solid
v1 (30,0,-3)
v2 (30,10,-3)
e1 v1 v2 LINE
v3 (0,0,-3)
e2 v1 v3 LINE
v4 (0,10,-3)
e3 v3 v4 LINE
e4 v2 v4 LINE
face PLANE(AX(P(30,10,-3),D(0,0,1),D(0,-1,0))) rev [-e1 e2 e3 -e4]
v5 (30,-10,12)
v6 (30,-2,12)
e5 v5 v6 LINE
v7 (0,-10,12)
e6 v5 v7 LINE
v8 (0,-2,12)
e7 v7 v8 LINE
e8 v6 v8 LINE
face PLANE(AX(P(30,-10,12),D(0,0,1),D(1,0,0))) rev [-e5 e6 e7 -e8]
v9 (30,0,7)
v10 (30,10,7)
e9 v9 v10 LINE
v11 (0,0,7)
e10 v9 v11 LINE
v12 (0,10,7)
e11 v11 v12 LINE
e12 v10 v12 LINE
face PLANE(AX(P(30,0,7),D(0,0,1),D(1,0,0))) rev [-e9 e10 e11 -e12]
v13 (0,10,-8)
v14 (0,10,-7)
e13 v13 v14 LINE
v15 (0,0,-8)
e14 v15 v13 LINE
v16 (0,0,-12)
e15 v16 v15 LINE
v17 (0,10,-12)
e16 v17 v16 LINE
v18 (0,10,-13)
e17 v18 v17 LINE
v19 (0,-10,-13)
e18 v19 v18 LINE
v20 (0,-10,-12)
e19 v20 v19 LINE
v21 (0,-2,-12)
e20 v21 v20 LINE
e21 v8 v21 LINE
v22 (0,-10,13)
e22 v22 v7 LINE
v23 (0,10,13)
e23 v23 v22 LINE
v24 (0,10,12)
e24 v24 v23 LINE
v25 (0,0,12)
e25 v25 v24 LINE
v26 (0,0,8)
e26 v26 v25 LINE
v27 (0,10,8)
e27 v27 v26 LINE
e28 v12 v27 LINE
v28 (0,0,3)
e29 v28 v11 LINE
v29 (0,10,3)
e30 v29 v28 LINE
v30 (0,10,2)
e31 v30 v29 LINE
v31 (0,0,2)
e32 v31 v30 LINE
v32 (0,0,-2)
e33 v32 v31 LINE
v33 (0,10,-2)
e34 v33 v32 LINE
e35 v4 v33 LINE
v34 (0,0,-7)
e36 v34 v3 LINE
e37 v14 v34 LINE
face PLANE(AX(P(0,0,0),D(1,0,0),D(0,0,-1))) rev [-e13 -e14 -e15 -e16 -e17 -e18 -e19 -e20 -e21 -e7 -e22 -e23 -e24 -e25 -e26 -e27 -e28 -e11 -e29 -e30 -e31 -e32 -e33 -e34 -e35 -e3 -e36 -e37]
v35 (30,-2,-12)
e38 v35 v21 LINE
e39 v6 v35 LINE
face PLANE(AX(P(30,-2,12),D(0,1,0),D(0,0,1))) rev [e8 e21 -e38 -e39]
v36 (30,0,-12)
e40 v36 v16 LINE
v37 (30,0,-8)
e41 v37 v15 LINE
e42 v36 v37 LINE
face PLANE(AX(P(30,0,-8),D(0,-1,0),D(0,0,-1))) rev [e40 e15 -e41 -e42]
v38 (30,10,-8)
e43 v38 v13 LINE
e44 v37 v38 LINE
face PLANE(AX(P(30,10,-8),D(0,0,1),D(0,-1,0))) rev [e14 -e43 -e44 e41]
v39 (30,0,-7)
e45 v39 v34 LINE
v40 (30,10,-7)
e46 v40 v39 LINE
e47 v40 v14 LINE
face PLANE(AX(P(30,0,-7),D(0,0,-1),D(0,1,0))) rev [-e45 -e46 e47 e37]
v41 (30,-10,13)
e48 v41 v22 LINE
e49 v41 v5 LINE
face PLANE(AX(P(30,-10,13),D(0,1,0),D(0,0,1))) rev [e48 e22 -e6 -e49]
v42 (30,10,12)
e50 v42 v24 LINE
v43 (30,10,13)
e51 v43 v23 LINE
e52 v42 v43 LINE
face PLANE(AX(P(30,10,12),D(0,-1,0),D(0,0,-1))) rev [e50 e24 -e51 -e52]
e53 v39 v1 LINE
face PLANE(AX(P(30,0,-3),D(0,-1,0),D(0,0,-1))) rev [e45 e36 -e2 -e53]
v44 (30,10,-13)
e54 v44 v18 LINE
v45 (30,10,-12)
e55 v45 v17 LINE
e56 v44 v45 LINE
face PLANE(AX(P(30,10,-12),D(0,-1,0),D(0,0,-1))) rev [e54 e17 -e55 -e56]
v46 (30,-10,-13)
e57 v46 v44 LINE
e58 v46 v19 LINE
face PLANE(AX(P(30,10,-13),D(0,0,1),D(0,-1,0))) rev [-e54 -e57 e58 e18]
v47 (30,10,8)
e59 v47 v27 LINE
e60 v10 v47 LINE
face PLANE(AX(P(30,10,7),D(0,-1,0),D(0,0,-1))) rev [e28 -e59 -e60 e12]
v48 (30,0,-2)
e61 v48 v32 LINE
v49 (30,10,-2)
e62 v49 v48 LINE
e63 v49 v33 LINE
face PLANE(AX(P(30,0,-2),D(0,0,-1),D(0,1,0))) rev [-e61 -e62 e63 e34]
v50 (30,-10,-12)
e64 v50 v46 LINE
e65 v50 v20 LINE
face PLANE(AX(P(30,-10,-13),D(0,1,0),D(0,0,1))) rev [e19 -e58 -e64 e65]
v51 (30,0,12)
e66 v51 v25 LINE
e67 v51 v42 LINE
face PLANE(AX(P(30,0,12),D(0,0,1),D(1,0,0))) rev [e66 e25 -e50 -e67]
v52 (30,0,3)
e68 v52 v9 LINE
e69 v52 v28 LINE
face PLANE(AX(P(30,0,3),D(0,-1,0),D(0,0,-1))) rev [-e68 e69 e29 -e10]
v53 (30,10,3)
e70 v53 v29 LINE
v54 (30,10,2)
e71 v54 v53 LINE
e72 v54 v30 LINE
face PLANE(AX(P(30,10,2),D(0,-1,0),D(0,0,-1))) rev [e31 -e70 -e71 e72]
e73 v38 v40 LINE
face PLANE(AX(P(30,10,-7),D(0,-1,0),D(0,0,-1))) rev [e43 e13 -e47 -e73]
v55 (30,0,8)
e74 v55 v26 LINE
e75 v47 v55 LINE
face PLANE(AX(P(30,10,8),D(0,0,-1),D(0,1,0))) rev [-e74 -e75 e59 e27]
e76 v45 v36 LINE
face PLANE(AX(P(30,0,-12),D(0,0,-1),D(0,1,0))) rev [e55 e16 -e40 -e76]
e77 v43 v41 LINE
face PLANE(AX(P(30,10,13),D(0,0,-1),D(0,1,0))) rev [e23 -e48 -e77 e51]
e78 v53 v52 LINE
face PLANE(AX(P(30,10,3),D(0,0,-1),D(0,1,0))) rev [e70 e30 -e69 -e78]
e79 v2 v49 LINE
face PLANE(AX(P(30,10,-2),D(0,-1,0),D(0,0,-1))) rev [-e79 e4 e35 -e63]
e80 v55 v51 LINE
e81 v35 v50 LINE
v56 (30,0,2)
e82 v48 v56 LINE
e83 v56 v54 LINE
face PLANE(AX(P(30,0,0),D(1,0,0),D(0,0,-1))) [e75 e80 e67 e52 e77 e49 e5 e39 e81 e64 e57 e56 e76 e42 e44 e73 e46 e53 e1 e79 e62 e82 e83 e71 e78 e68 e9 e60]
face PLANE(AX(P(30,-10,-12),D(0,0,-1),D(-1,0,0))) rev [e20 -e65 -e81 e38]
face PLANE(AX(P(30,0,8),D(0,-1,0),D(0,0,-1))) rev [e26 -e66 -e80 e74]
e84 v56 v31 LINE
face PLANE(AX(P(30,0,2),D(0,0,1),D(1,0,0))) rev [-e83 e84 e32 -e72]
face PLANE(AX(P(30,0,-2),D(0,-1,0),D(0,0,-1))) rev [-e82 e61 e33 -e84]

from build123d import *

# Parameters (mm, degrees)
EXTRUDE_1_DEPTH = 30


with BuildPart() as part:
    # 草图1 → 凸台-拉伸1 (new body)
    with BuildSketch(Plane(origin=(0, 0, 0), x_dir=(0, 0, -1), z_dir=(1, 0, 0))):
        Polygon((2, 0), (-2, 0), (-2, 10), (-3, 10), (-3, 0), (-7, 0), (-7, 10), (-8, 10), (-8, 0), (-12, 0), (-12, 10), (-13, 10), (-13, -10), (-12, -10), (-12, -2), (12, -2), (12, -10), (13, -10), (13, 10), (12, 10), (12, 0), (8, 0), (8, 10), (7, 10), (7, 0), (3, 0), (3, 10), (2, 10), align=None)
    extrude(amount=EXTRUDE_1_DEPTH)


solid = part.part
